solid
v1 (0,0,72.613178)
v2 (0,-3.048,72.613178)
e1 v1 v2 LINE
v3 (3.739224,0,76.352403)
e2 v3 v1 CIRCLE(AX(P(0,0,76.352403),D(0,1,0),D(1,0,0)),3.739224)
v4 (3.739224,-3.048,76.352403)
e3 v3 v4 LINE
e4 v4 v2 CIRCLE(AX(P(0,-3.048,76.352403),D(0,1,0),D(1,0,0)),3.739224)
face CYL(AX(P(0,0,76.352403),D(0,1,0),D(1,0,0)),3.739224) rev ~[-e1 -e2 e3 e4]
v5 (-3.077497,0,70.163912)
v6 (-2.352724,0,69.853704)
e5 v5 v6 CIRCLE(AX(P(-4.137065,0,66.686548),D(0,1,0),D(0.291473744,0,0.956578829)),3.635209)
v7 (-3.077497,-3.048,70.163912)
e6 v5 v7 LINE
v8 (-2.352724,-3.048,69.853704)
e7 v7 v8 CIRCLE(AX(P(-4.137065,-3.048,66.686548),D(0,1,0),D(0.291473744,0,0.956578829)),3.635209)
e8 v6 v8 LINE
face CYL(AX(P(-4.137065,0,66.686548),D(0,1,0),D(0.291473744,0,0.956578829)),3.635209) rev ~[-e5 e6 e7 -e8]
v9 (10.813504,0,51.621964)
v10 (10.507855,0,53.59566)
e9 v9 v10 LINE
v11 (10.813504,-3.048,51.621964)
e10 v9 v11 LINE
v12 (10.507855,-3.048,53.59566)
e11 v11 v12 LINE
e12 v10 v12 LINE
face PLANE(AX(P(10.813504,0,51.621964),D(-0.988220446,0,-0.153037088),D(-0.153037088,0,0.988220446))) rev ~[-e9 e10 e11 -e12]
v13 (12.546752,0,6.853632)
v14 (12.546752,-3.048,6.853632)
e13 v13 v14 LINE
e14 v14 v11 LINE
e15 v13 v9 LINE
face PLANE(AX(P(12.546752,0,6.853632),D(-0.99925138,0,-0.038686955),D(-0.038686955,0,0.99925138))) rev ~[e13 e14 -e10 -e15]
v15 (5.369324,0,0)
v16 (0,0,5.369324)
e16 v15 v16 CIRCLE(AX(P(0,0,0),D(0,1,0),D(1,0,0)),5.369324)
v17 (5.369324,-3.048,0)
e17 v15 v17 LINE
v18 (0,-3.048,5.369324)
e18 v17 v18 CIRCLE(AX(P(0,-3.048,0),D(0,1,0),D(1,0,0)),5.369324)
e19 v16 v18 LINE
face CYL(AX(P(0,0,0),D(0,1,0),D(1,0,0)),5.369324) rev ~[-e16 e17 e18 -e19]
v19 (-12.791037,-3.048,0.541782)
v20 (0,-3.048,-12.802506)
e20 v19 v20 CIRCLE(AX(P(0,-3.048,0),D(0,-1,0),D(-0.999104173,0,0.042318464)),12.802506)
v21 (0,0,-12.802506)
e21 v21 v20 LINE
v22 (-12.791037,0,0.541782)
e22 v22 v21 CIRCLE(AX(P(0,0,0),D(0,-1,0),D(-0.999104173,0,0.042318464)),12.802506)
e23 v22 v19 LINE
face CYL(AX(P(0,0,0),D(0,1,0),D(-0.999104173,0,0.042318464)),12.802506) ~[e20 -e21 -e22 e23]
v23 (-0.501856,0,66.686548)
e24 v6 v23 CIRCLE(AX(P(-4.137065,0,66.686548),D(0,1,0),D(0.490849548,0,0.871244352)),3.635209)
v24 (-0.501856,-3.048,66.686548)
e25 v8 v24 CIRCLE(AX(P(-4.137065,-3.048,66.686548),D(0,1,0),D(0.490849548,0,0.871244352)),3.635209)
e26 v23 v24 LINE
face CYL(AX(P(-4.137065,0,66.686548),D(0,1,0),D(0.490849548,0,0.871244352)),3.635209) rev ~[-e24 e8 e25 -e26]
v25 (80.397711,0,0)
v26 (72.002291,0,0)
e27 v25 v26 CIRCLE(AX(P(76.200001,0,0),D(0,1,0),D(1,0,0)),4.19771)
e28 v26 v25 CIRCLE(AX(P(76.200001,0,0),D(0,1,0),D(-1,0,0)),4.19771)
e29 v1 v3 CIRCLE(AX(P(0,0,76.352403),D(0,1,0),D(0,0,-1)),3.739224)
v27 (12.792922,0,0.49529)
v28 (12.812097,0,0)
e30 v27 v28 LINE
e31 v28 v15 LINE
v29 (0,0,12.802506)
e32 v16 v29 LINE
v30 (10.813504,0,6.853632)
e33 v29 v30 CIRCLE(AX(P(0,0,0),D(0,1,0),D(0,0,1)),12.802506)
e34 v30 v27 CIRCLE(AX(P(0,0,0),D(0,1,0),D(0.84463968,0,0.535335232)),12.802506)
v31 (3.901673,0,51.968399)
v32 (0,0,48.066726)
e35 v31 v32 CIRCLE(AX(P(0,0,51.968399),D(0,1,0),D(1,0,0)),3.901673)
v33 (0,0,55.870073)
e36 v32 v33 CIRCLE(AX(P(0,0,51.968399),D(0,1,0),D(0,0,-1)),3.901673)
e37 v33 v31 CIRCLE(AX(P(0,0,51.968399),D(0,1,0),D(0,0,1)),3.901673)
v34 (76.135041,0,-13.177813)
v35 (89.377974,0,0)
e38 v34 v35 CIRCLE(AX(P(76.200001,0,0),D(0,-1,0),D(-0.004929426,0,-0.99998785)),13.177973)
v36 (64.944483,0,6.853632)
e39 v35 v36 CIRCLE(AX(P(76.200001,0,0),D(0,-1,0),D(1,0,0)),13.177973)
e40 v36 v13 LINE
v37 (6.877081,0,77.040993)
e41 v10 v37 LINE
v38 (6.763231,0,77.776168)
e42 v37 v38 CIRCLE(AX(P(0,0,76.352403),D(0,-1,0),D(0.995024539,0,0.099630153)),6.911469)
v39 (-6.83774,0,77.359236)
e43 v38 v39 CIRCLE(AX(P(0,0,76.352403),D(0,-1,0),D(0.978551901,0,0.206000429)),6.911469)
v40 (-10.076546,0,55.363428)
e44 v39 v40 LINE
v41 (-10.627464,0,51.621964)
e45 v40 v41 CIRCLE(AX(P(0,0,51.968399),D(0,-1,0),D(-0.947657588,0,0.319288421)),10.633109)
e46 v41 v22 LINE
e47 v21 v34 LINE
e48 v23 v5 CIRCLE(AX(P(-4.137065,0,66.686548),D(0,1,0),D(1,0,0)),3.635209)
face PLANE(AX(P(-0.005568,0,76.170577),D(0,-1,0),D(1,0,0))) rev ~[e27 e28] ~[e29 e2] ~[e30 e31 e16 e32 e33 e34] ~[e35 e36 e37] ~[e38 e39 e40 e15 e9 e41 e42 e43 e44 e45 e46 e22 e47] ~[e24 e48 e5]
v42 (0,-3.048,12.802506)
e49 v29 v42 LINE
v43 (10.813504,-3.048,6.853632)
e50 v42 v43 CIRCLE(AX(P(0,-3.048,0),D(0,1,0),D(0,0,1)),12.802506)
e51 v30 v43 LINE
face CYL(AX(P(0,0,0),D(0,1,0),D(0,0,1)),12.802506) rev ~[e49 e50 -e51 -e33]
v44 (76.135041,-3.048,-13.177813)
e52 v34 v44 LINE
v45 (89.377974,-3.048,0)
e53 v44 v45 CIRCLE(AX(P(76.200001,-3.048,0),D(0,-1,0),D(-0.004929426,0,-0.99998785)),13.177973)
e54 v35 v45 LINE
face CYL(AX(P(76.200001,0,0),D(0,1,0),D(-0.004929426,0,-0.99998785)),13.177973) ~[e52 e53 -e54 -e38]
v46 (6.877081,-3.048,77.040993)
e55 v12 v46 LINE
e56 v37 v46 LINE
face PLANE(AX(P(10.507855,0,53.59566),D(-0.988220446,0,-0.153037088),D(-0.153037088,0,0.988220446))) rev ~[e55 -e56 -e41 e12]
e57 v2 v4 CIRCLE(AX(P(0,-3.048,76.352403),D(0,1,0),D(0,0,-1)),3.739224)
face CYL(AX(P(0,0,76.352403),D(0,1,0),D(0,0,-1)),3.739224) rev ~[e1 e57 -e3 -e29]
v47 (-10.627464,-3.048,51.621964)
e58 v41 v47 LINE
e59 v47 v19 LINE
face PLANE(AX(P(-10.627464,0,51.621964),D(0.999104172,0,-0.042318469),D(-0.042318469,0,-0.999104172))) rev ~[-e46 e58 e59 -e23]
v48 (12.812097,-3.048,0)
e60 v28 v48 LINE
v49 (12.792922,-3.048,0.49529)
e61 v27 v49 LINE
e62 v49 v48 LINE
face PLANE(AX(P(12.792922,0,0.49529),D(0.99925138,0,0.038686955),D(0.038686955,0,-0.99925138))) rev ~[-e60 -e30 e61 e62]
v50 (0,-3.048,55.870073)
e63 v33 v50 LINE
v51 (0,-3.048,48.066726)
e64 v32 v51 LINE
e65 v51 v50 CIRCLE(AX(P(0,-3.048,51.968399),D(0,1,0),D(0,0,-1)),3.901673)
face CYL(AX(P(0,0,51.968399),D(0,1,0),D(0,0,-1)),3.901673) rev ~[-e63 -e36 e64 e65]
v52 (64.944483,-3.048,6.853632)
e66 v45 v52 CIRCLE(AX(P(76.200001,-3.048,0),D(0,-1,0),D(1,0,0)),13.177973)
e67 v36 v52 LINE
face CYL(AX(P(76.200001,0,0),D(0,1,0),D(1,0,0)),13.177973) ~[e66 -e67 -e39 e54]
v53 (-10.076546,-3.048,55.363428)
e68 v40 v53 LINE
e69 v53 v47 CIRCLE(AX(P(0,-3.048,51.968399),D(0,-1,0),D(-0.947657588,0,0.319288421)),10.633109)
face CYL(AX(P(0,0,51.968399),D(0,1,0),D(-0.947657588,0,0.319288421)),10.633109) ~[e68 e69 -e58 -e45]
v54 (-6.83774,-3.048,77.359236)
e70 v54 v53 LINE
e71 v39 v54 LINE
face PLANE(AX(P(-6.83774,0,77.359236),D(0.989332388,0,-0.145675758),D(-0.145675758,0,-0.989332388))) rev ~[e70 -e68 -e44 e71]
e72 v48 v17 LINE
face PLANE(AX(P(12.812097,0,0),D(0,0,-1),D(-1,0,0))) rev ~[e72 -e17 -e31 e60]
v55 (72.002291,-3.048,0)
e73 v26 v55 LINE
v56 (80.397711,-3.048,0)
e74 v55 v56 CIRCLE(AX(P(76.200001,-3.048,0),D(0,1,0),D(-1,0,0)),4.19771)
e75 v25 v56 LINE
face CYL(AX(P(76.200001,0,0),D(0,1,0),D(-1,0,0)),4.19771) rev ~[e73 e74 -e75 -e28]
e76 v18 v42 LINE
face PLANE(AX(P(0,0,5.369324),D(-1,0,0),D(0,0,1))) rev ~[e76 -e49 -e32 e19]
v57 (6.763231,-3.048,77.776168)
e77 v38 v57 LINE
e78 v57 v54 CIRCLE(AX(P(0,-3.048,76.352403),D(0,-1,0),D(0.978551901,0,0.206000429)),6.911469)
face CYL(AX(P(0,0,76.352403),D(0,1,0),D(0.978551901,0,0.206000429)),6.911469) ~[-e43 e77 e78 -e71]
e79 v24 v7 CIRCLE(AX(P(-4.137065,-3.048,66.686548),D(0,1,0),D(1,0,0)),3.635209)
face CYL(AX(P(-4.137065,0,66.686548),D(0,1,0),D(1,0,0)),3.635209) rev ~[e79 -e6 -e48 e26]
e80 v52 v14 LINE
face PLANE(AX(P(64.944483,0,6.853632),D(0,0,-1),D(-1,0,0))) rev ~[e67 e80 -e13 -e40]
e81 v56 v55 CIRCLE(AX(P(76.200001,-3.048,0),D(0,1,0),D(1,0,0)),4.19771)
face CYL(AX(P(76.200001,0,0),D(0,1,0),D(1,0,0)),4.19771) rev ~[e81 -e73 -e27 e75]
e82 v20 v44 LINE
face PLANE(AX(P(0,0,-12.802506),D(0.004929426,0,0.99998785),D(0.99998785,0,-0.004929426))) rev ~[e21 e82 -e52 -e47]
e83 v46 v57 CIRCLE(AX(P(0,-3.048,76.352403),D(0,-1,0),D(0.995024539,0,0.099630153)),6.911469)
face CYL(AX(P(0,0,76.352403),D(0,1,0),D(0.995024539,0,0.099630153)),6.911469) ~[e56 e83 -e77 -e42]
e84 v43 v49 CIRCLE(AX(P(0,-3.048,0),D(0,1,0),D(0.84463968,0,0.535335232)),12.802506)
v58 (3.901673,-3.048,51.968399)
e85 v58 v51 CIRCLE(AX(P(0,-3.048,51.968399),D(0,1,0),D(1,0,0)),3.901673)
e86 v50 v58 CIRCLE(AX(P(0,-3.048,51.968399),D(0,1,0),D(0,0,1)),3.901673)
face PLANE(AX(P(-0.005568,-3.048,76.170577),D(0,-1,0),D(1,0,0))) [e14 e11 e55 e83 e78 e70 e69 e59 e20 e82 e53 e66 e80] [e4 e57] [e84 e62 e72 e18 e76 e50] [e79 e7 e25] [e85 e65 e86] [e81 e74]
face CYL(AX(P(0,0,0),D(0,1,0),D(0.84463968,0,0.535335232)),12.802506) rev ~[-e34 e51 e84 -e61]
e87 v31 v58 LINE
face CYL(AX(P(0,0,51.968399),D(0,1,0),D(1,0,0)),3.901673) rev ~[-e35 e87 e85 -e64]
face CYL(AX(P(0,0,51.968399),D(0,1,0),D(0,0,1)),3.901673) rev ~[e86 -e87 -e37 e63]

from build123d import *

# Parameters (mm, degrees)
F1_DEPTH = 3.048


with BuildPart() as f1:
    # F0 (on Front) → F1 (new body)
    with BuildSketch(Plane.XZ):
        with BuildLine():
            ThreePointArc((-2.3527241569, 69.8537035021), (-1.1943292871, 69.5449083108), (0, 69.4409338017))
            ThreePointArc((0, 69.4409338017), (4.8871464325, 71.4652561353), (6.9114687662, 76.3524025679))
            ThreePointArc((6.9114687662, 76.3524025679), (6.9028664764, 76.6971269716), (6.8770810207, 77.0409932599))
            Line((6.8770810207, 77.0409932599), (6.7632309005, 77.7761681006))
            ThreePointArc((6.7632309005, 77.7761681006), (-0.2117687113, 83.2606262555), (-6.8377398972, 77.3592360224))
            ThreePointArc((-6.8377398972, 77.3592360224), (-6.1254511142, 73.151270088), (-3.077496853, 70.1639121521))
            ThreePointArc((-3.077496853, 70.1639121521), (-2.7066762622, 70.0285136245), (-2.3527241569, 69.8537035021))
        make_face()
        with BuildLine():
            ThreePointArc((3.7392241418, 76.3524025679), (2.6440307471, 73.7083718208), (0, 72.613178426))
            ThreePointArc((0, 72.613178426), (-2.6440307471, 78.9964333149), (3.7392241418, 76.3524025679))
        make_face(mode=Mode.SUBTRACT)
        with BuildLine():
            ThreePointArc((6.9114687662, 76.3524025679), (4.8871464325, 71.4652561353), (0, 69.4409338017))
            Line((0, 69.4409338017), (0, 62.6015082461))
            ThreePointArc((0, 62.6015082461), (6.9195435777, 60.0419934094), (10.507855478, 53.5956597825))
            Line((10.507855478, 53.5956597825), (6.8770810207, 77.0409932599))
            ThreePointArc((6.8770810207, 77.0409932599), (6.9028664764, 76.6971269716), (6.9114687662, 76.3524025679))
        make_face()
        with BuildLine():
            Line((0, 62.6015082461), (0, 69.4409338017))
            ThreePointArc((0, 69.4409338017), (-1.1943292871, 69.5449083108), (-2.3527241569, 69.8537035021))
            ThreePointArc((-2.3527241569, 69.8537035021), (-0.9984986758, 68.5207092305), (-0.501855911, 66.6865482926))
            ThreePointArc((-0.501855911, 66.6865482926), (-7.0582370296, 64.5228716952), (-3.077496853, 70.1639121521))
            ThreePointArc((-3.077496853, 70.1639121521), (-6.1254511142, 73.151270088), (-6.8377398972, 77.3592360224))
            Line((-6.8377398972, 77.3592360224), (-10.0765462506, 55.3634279539))
            ThreePointArc((-10.0765462506, 55.3634279539), (-6.2033577734, 60.6044491873), (0, 62.6015082461))
        make_face()
        with BuildLine():
            ThreePointArc((10.507855478, 53.5956597825), (6.9195435777, 60.0419934094), (0, 62.6015082461))
            Line((0, 62.6015082461), (0, 55.8700727761))
            ThreePointArc((0, 55.8700727761), (2.7588996773, 54.7272991125), (3.9016733408, 51.9683994353))
            ThreePointArc((3.9016733408, 51.9683994353), (2.7588996773, 49.209499758), (0, 48.0667260945))
            Line((0, 48.0667260945), (0, 41.3352906244))
            ThreePointArc((0, 41.3352906244), (7.5187433452, 44.44965609), (10.6331088108, 51.9683994353))
            ThreePointArc((10.6331088108, 51.9683994353), (10.6017492342, 52.7844362964), (10.507855478, 53.5956597825))
        make_face()
        with BuildLine():
            Line((0, 55.8700727761), (0, 62.6015082461))
            ThreePointArc((0, 62.6015082461), (-6.2033577734, 60.6044491873), (-10.0765462506, 55.3634279539))
            Line((-10.0765462506, 55.3634279539), (-10.6274637526, 51.621964491))
            ThreePointArc((-10.6274637526, 51.621964491), (-7.3952458555, 44.3281545622), (0, 41.3352906244))
            Line((0, 41.3352906244), (0, 48.0667260945))
            ThreePointArc((0, 48.0667260945), (-3.9016733408, 51.9683994353), (0, 55.8700727761))
        make_face()
        with BuildLine():
            Line((10.813504466, 51.621964491), (10.507855478, 53.5956597825))
            ThreePointArc((10.507855478, 53.5956597825), (10.6017492342, 52.7844362964), (10.6331088108, 51.9683994353))
            ThreePointArc((10.6331088108, 51.9683994353), (7.5187433452, 44.44965609), (0, 41.3352906244))
            Line((0, 41.3352906244), (0, 12.8025058683))
            ThreePointArc((0, 12.8025058683), (6.170919175, 11.2171258815), (10.813504466, 6.8536324436))
            Line((10.813504466, 6.8536324436), (12.5467524545, 6.8536324436))
            Line((12.5467524545, 6.8536324436), (10.813504466, 51.621964491))
        make_face()
        with BuildLine():
            Line((-10.6274637526, 51.621964491), (-10.0765462506, 55.3634279539))
            ThreePointArc((-10.0765462506, 55.3634279539), (-10.5196789288, 53.517385626), (-10.6274637526, 51.621964491))
        make_face()
        with BuildLine():
            Line((6.7632309005, 77.7761681006), (6.8770810207, 77.0409932599))
            ThreePointArc((6.8770810207, 77.0409932599), (6.8300547464, 77.4101136189), (6.7632309005, 77.7761681006))
        make_face()
        with BuildLine():
            ThreePointArc((0, 41.3352906244), (-7.3952458555, 44.3281545622), (-10.6274637526, 51.621964491))
            Line((-10.6274637526, 51.621964491), (-12.7910370323, 0.5417823786))
            ThreePointArc((-12.7910370323, 0.5417823786), (-8.8591191556, 9.2423029757), (0, 12.8025058683))
            Line((0, 12.8025058683), (0, 41.3352906244))
        make_face()
        with BuildLine():
            Line((64.9444829711, 6.8536324436), (12.5467524545, 6.8536324436))
            Line((12.5467524545, 6.8536324436), (12.7929216491, 0.4952900025))
            Line((12.7929216491, 0.4952900025), (12.8120972664, 0))
            Line((12.8120972664, 0), (63.0220283185, 0))
            ThreePointArc((63.0220283185, 0), (63.5117412081, 3.559076761), (64.9444829711, 6.8536324436))
        make_face()
        with BuildLine():
            Line((12.7929216491, 0.4952900025), (12.5467524545, 6.8536324436))
            Line((12.5467524545, 6.8536324436), (10.813504466, 6.8536324436))
            ThreePointArc((10.813504466, 6.8536324436), (12.2238687874, 3.805415664), (12.7929216491, 0.4952900025))
        make_face()
        with BuildLine():
            ThreePointArc((0, 12.8025058683), (-8.8591191556, 9.2423029757), (-12.7910370323, 0.5417823786))
            ThreePointArc((-12.7910370323, 0.5417823786), (-9.2423029757, -8.8591191556), (0, -12.8025058683))
            ThreePointArc((0, -12.8025058683), (9.0527387156, -9.0527387156), (12.8025058683, 0))
            Line((12.8025058683, 0), (5.3693237109, 0))
            ThreePointArc((5.3693237109, 0), (-3.7966852063, -3.7966852063), (0, 5.3693237109))
            Line((0, 5.3693237109), (0, 12.8025058683))
        make_face()
        with BuildLine():
            ThreePointArc((89.377973565, 0), (79.7590777028, 12.6882597336), (64.9444829711, 6.8536324436))
            ThreePointArc((64.9444829711, 6.8536324436), (63.5117412081, 3.559076761), (63.0220283185, 0))
            ThreePointArc((63.0220283185, 0), (66.8588285971, -9.2952386568), (76.1350410947, -13.1778125149))
            ThreePointArc((76.1350410947, -13.1778125149), (85.4952395985, -9.3411723446), (89.377973565, 0))
        make_face()
        with BuildLine():
            ThreePointArc((80.3977112413, 0), (76.2000009418, -4.1977102995), (72.0022906422, 0))
            ThreePointArc((72.0022906422, 0), (76.2000009418, 4.1977102995), (80.3977112413, 0))
        make_face(mode=Mode.SUBTRACT)
        with BuildLine():
            ThreePointArc((12.8025058683, 0), (9.0527387156, -9.0527387156), (0, -12.8025058683))
            Line((0, -12.8025058683), (76.1350410947, -13.1778125149))
            ThreePointArc((76.1350410947, -13.1778125149), (66.8588285971, -9.2952386568), (63.0220283185, 0))
            Line((63.0220283185, 0), (12.8120972664, 0))
            Line((12.8120972664, 0), (12.8025058683, 0))
        make_face()
    extrude(amount=F1_DEPTH)


solid = f1.part
